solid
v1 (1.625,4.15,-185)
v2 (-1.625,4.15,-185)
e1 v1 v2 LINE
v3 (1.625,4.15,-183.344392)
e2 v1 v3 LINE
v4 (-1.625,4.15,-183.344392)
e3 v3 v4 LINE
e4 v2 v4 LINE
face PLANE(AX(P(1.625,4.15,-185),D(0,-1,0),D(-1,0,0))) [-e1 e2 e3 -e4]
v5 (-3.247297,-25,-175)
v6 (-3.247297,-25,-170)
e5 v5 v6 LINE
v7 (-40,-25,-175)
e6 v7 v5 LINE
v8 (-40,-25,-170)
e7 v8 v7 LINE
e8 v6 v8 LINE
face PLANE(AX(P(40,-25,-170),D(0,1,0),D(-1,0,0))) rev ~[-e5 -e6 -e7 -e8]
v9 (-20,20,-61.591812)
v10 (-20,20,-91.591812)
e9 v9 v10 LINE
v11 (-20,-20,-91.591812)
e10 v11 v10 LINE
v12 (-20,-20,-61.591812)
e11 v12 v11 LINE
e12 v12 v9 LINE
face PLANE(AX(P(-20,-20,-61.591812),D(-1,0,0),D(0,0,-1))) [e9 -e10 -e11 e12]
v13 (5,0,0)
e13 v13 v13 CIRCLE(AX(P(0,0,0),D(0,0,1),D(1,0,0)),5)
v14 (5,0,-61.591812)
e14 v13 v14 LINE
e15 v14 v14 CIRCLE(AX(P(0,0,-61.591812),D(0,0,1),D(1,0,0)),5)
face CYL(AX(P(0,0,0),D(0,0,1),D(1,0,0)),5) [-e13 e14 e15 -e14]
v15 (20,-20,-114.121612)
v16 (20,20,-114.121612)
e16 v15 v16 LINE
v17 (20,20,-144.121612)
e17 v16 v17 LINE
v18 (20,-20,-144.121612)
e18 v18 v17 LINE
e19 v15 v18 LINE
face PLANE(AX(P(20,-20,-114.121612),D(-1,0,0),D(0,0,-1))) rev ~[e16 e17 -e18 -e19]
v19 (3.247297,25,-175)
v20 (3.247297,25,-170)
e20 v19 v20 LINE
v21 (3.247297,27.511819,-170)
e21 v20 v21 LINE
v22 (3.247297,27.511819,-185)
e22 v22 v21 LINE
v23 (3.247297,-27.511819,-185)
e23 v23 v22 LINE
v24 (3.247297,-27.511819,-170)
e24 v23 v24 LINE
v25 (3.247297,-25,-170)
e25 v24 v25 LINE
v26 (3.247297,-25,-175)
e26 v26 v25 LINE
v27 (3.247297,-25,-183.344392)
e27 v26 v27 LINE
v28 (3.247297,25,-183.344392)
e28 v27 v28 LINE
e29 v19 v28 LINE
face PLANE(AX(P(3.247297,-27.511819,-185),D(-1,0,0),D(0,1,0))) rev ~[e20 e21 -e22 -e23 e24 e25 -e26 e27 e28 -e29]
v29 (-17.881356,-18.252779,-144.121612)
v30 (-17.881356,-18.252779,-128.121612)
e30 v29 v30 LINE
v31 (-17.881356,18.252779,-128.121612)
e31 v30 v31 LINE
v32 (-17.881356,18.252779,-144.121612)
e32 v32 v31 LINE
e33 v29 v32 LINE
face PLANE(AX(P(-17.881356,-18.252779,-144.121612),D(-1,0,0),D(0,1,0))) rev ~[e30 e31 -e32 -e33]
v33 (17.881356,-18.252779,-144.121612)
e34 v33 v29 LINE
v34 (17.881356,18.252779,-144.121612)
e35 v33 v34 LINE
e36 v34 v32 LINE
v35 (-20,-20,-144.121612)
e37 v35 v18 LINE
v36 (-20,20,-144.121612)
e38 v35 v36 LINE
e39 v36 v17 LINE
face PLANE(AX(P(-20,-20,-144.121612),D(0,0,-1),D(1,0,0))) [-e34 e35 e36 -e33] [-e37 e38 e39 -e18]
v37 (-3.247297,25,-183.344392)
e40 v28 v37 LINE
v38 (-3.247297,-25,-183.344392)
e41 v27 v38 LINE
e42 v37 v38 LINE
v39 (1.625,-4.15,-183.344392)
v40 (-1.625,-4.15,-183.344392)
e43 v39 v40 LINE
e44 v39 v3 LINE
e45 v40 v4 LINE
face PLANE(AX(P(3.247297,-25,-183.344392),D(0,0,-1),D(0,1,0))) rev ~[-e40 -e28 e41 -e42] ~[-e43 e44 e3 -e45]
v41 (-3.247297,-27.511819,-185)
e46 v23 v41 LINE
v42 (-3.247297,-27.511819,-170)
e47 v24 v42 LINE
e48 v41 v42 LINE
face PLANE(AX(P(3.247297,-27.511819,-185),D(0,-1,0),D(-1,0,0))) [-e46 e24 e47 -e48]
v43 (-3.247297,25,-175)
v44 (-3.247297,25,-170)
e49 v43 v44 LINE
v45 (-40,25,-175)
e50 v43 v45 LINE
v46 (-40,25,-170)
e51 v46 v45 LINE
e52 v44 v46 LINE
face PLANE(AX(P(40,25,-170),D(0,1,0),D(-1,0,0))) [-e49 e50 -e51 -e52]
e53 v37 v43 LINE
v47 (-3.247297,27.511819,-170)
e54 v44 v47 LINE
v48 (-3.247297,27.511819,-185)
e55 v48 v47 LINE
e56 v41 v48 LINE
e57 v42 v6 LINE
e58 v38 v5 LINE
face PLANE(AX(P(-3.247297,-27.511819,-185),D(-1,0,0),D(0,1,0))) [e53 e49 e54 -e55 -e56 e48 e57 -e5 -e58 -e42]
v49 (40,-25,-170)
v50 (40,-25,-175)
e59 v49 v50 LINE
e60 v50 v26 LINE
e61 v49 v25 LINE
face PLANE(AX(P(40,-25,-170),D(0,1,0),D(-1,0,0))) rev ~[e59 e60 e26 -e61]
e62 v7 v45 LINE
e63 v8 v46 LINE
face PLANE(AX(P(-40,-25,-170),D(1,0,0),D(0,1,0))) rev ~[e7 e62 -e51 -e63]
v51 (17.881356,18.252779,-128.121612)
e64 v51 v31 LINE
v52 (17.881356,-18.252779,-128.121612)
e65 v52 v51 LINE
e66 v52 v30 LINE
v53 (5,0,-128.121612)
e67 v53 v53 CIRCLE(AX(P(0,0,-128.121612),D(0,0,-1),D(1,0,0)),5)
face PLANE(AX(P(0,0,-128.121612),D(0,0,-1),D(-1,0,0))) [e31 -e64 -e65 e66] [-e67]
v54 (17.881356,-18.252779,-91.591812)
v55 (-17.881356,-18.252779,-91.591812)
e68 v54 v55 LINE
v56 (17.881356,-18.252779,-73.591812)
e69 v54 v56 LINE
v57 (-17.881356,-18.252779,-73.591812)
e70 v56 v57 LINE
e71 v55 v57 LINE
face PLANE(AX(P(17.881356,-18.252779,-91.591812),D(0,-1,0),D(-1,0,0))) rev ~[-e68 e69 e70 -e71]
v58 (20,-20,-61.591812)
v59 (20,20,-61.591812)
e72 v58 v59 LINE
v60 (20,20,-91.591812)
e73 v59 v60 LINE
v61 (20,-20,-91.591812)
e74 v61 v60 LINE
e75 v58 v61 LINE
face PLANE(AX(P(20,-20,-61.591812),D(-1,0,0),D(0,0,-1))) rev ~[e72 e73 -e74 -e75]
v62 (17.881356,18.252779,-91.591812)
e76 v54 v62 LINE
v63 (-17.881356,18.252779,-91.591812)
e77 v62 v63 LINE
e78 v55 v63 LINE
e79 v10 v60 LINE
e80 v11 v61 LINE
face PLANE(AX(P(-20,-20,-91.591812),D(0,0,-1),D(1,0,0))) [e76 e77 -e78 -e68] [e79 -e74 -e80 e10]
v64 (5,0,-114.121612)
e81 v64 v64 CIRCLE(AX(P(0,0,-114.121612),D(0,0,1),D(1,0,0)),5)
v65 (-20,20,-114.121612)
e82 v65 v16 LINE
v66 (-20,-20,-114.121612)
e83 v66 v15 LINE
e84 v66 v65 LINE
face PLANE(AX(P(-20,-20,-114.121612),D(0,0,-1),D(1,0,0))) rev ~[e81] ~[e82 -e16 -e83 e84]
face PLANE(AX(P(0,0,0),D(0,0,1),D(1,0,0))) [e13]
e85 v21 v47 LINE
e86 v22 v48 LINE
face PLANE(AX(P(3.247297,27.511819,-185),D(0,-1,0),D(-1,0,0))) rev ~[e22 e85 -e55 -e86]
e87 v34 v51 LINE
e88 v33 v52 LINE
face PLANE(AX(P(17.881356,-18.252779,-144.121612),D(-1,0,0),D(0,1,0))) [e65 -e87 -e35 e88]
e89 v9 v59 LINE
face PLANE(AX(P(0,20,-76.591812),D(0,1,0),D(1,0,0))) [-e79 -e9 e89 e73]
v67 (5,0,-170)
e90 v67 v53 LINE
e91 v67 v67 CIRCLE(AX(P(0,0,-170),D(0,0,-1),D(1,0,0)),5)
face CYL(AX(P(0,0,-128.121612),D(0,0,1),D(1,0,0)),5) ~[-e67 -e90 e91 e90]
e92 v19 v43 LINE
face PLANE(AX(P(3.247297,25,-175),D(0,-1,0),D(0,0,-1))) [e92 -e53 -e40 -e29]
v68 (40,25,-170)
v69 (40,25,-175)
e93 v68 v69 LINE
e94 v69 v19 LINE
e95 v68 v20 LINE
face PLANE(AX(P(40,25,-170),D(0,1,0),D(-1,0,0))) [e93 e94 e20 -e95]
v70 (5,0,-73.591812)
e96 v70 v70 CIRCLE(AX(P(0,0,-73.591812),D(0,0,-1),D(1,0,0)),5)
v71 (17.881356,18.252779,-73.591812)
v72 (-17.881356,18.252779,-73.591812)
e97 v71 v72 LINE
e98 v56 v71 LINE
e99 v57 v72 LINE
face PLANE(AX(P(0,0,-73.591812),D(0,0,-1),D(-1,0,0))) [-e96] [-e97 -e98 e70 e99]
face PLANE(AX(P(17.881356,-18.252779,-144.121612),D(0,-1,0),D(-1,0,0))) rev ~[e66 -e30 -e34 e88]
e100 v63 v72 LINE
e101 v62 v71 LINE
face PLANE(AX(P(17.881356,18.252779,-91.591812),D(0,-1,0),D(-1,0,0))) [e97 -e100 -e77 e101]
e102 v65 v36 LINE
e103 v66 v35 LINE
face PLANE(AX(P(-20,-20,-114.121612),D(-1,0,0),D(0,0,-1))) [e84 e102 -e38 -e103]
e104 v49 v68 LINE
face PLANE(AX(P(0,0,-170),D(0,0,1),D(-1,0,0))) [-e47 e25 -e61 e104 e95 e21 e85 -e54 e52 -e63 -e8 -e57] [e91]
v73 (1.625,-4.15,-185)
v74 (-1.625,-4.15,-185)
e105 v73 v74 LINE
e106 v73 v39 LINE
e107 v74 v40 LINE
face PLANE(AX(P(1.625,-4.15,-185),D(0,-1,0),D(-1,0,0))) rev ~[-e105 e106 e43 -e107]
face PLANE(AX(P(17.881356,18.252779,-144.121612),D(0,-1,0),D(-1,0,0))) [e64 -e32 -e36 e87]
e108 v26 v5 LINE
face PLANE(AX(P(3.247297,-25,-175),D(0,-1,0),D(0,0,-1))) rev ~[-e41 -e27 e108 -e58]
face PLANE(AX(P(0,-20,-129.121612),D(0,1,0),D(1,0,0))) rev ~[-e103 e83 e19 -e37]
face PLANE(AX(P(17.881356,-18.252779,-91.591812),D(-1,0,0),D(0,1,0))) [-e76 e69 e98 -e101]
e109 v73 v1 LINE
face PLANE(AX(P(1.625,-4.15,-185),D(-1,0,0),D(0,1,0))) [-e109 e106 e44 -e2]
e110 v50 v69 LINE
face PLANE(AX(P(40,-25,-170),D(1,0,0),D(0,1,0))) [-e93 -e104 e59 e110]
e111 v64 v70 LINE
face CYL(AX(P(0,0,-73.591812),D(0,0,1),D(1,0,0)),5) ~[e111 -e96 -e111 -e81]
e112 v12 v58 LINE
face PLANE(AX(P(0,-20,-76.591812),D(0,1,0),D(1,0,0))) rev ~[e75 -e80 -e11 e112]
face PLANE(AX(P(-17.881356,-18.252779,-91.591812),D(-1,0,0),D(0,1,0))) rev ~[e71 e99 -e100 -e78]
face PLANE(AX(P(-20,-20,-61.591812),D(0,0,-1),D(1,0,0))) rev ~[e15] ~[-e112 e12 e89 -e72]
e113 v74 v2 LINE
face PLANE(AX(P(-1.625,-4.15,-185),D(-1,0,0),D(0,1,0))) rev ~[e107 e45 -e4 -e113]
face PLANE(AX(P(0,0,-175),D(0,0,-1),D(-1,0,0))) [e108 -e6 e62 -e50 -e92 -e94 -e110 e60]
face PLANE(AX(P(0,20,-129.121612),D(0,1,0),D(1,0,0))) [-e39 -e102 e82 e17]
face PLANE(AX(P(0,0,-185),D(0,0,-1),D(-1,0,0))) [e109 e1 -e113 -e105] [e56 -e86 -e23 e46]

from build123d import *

# Parameters (mm, degrees)
SKETCH1_R                = 5
BOSS_EXTRUDE1_DEPTH      = 170
BOSS_EXTRUDE2_DEPTH      = 20
BOSS_EXTRUDE2_DEPTH_BACK = 20
SKETCH2_W                = 40
SKETCH2_H                = 30
SKETCH3_W                = 35.762712216
SKETCH3_H                = 36.50555787
CUT_EXTRUDE5_DEPTH       = 16
SKETCH5_R                = 5
BOSS_EXTRUDE3_DEPTH      = 16
SKETCH8_W                = 35.762712216
SKETCH8_H                = 36.50555787
CUT_EXTRUDE7_DEPTH       = 18
SKETCH10_R               = 5
BOSS_EXTRUDE4_DEPTH      = 18
SKETCH11_W               = 80
SKETCH11_H               = 50
BOSS_EXTRUDE5_DEPTH      = 5
BOSS_EXTRUDE6_REACH      = 192.919
SKETCH13_W               = 6.494593436
SKETCH13_H               = 55.023638824
SKETCH16_W               = 8.344392414
SKETCH16_H               = 50
CUT_EXTRUDE9_DEPTH       = 10
SKETCH17_W               = 3.25
SKETCH17_H               = 8.3
CUT_EXTRUDE10_DEPTH      = 10


with BuildPart() as part:
    # Sketch1 → Boss-Extrude1 (new body)
    with BuildSketch(Plane.XY):
        Circle(SKETCH1_R)
    extrude(amount=-BOSS_EXTRUDE1_DEPTH)

    # Sketch2 → Boss-Extrude2 (add, two sides: drawn at the far end of the back side and taken through both)
    with BuildSketch(Plane(origin=(0, 0, 0), x_dir=(1, 0, 0), z_dir=(0, 1, 0)).offset(-BOSS_EXTRUDE2_DEPTH_BACK)):
        with Locations((0, 76.591812116)):
            Rectangle(SKETCH2_W, SKETCH2_H)
        with Locations((0, 129.121611958)):
            Rectangle(SKETCH2_W, SKETCH2_H)
    extrude(amount=BOSS_EXTRUDE2_DEPTH + BOSS_EXTRUDE2_DEPTH_BACK)

    # Sketch3 → Cut-Extrude5 (cut)
    with BuildSketch(Plane(origin=(0, 0, -144.121611958), x_dir=(-1, 0, 0), z_dir=(0, 0, -1))):
        Rectangle(SKETCH3_W, SKETCH3_H)
    extrude(amount=-CUT_EXTRUDE5_DEPTH, mode=Mode.SUBTRACT)


with BuildPart() as cut_extrude5_piece_1:
    # of the separate pieces the step leaves, piece 1, a body of its own (cut_extrude5_pieces)
    add(part.part.solids().sort_by_distance((5, 0, 0))[0])



with BuildPart() as cut_extrude5_piece_2:
    # of the separate pieces the step leaves, piece 2, a body of its own (cut_extrude5_pieces)
    add(part.part.solids().sort_by_distance((5, 0, -144.121611958))[0])


with BuildPart() as cut_extrude5_piece_1_1:
    add(cut_extrude5_piece_1.part)

    add(cut_extrude5_piece_2.part)  # Boss-Extrude3 merges Cut-Extrude5 piece 2
    # Sketch5 → Boss-Extrude3 (add)
    with BuildSketch(Plane(origin=(0, 0, -128.121611958), x_dir=(-1, 0, 0), z_dir=(0, 0, -1))):
        with Locations(Location((0, 0, 0), (0, 0, 180))):
            Circle(SKETCH5_R)
    extrude(amount=BOSS_EXTRUDE3_DEPTH)

    # Sketch8 → Cut-Extrude7 (cut)
    with BuildSketch(Plane(origin=(0, 0, -91.591812116), x_dir=(-1, 0, 0), z_dir=(0, 0, -1))):
        Rectangle(SKETCH8_W, SKETCH8_H)
    extrude(amount=-CUT_EXTRUDE7_DEPTH, mode=Mode.SUBTRACT)


with BuildPart() as cut_extrude7_piece_1:
    # of the separate pieces the step leaves, piece 1, a body of its own (cut_extrude7_pieces)
    add(cut_extrude5_piece_1_1.part.solids().sort_by_distance((5, 0, -144.121611958))[0])



with BuildPart() as cut_extrude7_piece_2:
    # of the separate pieces the step leaves, piece 2, a body of its own (cut_extrude7_pieces)
    add(cut_extrude5_piece_1_1.part.solids().sort_by_distance((-20, 20, -91.591812116))[0])


with BuildPart() as cut_extrude7_piece_1_1:
    add(cut_extrude7_piece_1.part)

    add(cut_extrude7_piece_2.part)  # Boss-Extrude4 merges Cut-Extrude7 piece 2
    # Sketch10 → Boss-Extrude4 (add)
    with BuildSketch(Plane(origin=(0, 0, -73.591812116), x_dir=(-1, 0, 0), z_dir=(0, 0, -1))):
        with Locations(Location((0, 0, 0), (0, 0, 180))):
            Circle(SKETCH10_R)
    extrude(amount=BOSS_EXTRUDE4_DEPTH)

    # Sketch11 → Boss-Extrude5 (add)
    with BuildSketch(Plane(origin=(0, 0, -170), x_dir=(-1, 0, 0), z_dir=(0, 0, -1))):
        Rectangle(SKETCH11_W, SKETCH11_H)
    extrude(amount=BOSS_EXTRUDE5_DEPTH)

    # Boss-Extrude6: up to this face of the body (flat: up to its plane)
    boss_extrude6_end = Plane(cut_extrude7_piece_1_1.part.faces().sort_by_distance((0, -24.056601887, -170))[0])
    # Sketch13 → Boss-Extrude6 (add, up to the picked face)
    with BuildSketch(Plane(origin=(0, 0, -185), x_dir=(-1, 0, 0), z_dir=(0, 0, -1)), mode=Mode.PRIVATE) as boss_extrude6_sk1:
        Rectangle(SKETCH13_W, SKETCH13_H)
    boss_extrude6_tool1 = split(extrude(boss_extrude6_sk1.sketch, amount=-BOSS_EXTRUDE6_REACH, mode=Mode.PRIVATE), bisect_by=boss_extrude6_end, keep=Keep.BOTH, mode=Mode.PRIVATE)
    add(boss_extrude6_tool1.solids().sort_by(Axis((0, 0, -185), (0, 0, 1)))[0])

    # Sketch16 → Cut-Extrude9 (cut)
    with BuildSketch(Plane(origin=(3.247296718, 0, 0), x_dir=(0, 0, -1), z_dir=(1, 0, 0))):
        with Locations((179.172196207, 0)):
            Rectangle(SKETCH16_W, SKETCH16_H)
    extrude(amount=-CUT_EXTRUDE9_DEPTH, mode=Mode.SUBTRACT)

    # Sketch17 → Cut-Extrude10 (cut)
    with BuildSketch(Plane(origin=(0, 0, -185), x_dir=(-1, 0, 0), z_dir=(0, 0, -1))):
        Rectangle(SKETCH17_W, SKETCH17_H)
    extrude(amount=-CUT_EXTRUDE10_DEPTH, mode=Mode.SUBTRACT)


solid = cut_extrude7_piece_1_1.part
